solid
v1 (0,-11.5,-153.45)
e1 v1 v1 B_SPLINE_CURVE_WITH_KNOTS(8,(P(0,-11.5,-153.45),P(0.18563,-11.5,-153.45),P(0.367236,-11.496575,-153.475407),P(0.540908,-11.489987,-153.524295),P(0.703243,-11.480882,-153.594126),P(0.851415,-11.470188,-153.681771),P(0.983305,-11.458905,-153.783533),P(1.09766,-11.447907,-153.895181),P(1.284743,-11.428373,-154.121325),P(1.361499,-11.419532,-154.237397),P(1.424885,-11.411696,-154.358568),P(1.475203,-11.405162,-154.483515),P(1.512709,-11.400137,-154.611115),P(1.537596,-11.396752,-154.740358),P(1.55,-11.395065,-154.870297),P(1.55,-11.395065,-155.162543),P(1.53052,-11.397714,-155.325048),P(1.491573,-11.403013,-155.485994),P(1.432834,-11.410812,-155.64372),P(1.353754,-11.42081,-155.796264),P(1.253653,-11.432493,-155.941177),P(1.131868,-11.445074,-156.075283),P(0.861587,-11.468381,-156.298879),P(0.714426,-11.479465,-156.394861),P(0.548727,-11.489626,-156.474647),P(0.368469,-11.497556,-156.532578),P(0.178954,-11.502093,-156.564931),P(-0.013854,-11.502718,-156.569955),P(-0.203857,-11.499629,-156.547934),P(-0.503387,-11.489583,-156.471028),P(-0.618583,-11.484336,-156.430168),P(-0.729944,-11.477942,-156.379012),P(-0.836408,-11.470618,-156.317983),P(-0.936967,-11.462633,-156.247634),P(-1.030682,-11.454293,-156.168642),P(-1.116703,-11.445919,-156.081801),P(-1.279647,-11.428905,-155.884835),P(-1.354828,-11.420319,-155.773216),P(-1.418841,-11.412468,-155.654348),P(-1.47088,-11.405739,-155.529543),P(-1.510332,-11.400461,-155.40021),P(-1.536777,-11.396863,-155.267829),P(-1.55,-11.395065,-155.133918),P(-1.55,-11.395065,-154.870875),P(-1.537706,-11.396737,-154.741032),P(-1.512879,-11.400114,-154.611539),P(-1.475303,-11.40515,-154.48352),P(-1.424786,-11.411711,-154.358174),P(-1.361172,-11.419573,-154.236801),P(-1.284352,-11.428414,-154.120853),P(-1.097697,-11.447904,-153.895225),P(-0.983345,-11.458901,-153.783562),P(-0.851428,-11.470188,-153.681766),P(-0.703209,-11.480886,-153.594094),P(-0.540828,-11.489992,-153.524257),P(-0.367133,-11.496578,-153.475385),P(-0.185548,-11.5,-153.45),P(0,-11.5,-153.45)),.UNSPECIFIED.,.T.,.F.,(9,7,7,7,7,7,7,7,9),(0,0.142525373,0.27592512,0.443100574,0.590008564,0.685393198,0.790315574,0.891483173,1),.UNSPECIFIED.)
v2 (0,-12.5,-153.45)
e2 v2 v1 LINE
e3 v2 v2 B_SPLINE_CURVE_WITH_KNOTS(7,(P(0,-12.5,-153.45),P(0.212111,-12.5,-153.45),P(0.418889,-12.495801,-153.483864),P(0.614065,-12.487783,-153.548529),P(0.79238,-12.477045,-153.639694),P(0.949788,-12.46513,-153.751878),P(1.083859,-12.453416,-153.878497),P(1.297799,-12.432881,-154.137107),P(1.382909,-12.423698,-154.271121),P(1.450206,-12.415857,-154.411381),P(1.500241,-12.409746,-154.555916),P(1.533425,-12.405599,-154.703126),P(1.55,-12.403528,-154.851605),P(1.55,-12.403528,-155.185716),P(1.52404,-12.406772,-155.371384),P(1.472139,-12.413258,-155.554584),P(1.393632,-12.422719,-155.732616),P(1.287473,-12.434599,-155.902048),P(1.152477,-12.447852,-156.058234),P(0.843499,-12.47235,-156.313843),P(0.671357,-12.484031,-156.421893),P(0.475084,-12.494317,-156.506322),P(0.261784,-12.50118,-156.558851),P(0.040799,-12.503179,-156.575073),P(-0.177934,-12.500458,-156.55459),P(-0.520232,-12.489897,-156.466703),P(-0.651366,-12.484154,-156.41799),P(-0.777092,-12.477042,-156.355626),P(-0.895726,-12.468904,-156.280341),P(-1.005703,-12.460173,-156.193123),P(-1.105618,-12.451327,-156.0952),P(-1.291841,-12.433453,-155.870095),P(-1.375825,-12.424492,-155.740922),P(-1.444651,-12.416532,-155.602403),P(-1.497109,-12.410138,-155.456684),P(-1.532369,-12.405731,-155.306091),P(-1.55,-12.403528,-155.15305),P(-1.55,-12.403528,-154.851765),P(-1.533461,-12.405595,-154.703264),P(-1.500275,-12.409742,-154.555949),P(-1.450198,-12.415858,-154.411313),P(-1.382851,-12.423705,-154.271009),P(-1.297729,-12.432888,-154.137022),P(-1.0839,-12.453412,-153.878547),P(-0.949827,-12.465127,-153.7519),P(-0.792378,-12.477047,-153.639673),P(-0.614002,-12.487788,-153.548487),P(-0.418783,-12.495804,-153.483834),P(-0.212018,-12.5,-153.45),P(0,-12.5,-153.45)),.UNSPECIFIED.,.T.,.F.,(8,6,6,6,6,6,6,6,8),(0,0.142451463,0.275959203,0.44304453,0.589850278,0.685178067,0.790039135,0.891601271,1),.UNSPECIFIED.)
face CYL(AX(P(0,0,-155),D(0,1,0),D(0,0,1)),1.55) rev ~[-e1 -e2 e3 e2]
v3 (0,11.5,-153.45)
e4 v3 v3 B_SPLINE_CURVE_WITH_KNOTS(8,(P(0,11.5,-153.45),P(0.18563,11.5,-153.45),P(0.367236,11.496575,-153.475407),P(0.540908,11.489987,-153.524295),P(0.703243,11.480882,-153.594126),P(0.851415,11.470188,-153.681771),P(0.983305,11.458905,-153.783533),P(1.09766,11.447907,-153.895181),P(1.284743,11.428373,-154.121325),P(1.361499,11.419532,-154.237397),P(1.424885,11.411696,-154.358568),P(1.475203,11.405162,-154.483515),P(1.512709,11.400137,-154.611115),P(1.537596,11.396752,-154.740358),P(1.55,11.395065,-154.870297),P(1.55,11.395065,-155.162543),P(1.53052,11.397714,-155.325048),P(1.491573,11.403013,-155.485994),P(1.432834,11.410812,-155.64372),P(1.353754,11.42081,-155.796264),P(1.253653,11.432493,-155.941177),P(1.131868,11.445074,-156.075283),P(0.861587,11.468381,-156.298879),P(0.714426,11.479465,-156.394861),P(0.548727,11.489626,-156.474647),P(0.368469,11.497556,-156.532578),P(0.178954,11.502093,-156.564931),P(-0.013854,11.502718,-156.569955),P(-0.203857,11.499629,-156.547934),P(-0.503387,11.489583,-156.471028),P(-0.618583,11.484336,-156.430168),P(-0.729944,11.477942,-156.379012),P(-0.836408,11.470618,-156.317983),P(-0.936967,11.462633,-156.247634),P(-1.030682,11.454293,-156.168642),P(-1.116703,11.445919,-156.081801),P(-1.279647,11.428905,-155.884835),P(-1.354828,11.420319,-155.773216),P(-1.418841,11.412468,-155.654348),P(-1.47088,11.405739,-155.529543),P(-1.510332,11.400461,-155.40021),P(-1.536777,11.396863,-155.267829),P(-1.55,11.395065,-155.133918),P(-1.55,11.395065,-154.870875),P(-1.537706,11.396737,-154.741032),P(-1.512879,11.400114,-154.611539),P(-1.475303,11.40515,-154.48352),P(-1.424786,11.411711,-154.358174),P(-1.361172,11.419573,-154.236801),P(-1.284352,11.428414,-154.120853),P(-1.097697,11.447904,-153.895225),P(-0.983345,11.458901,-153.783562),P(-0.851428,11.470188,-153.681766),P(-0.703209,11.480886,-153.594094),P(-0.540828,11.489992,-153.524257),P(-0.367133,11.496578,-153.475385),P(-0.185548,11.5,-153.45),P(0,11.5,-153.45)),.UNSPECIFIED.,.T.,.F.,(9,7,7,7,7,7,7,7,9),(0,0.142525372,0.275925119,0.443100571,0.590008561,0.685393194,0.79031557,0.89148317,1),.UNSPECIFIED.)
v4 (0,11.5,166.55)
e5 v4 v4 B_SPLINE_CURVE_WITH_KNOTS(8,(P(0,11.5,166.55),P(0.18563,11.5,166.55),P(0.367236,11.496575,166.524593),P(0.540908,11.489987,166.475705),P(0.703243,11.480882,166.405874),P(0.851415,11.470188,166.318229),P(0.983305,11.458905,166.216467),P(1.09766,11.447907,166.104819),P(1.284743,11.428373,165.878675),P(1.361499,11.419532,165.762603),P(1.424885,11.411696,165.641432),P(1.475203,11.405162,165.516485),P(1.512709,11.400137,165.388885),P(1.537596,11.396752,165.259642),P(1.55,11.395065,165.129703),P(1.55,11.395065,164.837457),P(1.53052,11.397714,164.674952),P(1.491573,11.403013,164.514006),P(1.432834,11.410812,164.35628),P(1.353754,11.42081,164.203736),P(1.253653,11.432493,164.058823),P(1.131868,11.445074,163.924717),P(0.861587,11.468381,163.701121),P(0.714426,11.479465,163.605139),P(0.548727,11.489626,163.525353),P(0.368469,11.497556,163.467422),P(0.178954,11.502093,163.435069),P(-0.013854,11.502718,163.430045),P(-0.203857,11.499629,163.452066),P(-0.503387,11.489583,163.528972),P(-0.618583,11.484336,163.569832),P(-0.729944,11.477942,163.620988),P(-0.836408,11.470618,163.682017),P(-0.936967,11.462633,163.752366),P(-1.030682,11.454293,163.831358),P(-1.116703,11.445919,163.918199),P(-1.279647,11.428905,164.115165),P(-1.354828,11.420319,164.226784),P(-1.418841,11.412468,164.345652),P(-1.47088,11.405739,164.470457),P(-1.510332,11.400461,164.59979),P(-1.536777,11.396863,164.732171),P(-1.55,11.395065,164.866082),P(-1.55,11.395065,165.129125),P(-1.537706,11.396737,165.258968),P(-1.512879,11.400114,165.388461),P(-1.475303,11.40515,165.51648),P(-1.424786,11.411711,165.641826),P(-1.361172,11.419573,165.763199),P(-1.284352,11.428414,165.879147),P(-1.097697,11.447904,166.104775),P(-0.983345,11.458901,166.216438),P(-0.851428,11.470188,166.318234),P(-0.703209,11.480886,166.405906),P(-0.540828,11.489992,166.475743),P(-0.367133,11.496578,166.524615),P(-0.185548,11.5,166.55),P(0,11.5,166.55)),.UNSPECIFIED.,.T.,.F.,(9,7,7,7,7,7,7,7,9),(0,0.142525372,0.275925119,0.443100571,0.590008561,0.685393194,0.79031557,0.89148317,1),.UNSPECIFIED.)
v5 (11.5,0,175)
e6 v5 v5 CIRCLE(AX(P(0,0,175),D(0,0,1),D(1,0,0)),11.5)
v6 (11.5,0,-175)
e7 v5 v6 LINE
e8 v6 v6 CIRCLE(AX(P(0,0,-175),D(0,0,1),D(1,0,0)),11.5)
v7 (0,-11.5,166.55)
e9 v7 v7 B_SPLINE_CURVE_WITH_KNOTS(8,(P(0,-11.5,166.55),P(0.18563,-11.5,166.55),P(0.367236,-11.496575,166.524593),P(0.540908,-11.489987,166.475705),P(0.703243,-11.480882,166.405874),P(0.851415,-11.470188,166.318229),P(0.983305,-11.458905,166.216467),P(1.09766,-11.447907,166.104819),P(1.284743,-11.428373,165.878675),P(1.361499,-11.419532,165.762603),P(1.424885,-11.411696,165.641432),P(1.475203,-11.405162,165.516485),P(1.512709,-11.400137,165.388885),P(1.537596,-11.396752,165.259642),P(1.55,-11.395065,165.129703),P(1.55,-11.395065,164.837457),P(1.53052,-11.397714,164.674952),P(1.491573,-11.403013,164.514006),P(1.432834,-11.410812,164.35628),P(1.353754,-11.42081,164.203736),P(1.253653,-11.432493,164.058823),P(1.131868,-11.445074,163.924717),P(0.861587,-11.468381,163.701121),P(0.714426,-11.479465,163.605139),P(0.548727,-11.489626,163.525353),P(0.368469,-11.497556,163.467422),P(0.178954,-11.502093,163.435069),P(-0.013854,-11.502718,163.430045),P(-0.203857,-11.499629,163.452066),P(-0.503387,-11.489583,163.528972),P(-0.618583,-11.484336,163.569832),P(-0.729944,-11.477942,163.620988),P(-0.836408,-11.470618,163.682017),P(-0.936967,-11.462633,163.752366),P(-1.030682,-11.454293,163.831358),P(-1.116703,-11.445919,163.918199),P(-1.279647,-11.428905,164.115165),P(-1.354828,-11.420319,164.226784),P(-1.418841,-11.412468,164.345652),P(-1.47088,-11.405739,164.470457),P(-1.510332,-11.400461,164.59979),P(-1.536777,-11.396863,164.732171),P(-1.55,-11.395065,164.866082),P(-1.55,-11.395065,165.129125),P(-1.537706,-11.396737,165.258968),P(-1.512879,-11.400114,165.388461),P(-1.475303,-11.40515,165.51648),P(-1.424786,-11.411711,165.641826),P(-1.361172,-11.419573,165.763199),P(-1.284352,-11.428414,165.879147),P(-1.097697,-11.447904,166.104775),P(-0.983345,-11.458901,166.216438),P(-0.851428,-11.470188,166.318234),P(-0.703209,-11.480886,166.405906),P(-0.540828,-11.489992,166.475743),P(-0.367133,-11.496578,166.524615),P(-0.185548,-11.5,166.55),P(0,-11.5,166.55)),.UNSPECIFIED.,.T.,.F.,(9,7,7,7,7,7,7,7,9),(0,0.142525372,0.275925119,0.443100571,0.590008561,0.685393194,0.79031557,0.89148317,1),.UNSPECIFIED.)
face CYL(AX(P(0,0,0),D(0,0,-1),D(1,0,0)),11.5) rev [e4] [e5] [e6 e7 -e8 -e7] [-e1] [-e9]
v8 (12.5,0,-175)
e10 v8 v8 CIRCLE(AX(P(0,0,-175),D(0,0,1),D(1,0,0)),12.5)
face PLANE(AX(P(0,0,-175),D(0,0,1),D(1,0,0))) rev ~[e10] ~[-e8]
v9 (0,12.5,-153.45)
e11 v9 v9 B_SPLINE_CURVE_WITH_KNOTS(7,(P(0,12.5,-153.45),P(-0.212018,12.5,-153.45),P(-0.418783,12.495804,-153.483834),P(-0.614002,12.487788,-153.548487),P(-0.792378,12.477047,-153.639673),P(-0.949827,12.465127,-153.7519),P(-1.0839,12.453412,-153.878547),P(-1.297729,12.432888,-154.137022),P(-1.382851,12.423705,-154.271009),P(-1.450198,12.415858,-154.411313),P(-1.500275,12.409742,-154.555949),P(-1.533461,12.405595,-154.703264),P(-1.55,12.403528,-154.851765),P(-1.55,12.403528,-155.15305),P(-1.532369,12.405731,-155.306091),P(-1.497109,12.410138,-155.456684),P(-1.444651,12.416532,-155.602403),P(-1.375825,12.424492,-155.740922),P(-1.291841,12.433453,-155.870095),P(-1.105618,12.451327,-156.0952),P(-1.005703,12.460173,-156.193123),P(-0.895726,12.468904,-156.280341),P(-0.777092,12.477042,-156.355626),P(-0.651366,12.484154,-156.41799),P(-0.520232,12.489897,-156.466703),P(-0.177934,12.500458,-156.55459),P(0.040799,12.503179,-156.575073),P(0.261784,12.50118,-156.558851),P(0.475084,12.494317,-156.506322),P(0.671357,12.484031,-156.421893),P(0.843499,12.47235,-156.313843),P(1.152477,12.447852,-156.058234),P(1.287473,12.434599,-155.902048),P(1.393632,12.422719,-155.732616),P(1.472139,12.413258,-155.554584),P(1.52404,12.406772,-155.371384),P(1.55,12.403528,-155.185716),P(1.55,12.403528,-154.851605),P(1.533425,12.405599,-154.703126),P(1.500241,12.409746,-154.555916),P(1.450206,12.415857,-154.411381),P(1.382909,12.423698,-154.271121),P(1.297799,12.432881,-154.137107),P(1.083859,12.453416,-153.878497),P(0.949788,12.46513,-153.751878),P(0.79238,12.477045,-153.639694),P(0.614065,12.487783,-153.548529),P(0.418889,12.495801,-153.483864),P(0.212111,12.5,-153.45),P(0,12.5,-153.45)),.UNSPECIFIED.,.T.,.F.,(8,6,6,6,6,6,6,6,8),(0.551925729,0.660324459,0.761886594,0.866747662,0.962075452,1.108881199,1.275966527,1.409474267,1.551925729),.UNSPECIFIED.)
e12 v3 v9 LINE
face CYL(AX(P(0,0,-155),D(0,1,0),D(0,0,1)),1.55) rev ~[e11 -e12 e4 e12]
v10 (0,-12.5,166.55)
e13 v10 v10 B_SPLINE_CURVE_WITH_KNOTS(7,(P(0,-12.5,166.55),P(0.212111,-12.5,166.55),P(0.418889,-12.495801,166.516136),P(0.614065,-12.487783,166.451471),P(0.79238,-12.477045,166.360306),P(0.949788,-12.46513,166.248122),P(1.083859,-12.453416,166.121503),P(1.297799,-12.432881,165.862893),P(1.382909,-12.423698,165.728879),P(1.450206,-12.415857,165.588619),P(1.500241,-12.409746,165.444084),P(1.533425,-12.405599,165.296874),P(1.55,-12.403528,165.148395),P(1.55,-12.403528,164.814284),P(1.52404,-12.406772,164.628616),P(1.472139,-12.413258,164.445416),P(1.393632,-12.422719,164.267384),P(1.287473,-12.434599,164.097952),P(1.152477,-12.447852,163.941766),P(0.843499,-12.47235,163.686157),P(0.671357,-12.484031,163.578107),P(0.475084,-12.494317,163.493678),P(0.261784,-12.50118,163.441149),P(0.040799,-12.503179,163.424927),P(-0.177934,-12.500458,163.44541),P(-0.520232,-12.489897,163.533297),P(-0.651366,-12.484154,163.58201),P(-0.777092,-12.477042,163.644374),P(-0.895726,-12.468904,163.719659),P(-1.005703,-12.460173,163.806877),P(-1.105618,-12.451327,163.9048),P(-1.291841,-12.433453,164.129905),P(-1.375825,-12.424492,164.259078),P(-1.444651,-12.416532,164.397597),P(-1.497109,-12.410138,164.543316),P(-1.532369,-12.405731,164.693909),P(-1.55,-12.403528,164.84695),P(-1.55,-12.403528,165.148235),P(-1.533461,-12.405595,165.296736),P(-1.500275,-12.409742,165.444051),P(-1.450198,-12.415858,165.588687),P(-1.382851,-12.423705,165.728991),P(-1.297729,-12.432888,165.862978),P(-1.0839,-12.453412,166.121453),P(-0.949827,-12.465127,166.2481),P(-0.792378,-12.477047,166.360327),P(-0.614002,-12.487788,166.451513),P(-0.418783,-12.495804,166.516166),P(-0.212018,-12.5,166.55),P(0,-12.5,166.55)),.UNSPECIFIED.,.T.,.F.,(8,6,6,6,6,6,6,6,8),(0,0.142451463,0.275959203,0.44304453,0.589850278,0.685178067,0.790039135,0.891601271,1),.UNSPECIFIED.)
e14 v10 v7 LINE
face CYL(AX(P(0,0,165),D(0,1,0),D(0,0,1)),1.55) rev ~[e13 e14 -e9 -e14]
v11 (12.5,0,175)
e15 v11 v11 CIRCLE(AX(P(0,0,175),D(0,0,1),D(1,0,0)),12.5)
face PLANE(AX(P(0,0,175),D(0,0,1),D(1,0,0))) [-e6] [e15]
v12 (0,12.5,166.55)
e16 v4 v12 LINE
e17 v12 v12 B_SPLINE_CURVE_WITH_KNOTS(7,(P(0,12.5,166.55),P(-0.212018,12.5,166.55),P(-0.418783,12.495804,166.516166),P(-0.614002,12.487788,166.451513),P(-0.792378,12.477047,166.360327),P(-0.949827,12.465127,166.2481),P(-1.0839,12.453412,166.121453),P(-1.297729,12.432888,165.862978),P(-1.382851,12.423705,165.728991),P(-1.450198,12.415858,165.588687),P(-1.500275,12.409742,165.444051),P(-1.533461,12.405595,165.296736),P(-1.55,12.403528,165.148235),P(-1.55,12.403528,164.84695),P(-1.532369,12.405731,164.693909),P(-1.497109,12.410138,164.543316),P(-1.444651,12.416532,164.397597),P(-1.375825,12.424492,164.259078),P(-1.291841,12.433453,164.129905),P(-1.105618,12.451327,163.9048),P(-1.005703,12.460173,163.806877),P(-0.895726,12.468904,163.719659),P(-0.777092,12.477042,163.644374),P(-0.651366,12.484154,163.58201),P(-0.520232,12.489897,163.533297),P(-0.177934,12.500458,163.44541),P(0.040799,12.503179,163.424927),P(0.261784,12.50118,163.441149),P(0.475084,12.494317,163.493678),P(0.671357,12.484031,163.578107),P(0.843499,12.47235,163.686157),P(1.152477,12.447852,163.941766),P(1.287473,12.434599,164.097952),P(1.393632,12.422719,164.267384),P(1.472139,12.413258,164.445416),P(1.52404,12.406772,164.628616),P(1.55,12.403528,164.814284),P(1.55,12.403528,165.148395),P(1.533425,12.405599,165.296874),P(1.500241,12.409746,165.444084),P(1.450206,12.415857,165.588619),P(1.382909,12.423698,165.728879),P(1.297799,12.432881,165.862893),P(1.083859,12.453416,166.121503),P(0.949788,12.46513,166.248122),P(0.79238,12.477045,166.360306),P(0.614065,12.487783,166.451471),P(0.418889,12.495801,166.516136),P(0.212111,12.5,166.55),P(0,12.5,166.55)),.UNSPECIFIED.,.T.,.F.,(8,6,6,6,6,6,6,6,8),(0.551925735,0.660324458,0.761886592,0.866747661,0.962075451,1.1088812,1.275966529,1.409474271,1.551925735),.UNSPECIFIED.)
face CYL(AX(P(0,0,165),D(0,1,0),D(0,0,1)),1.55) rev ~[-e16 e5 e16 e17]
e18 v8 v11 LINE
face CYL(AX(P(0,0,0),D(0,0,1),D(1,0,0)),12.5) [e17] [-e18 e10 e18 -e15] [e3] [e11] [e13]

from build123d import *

# Parameters (mm, degrees)
SKETCH1_R           = 12.5
SKETCH1_R_2         = 11.5
BOSS_EXTRUDE1_DEPTH = 175
SKETCH2_R           = 1.55
CUT_EXTRUDE1_DEPTH  = 12.5
SKETCH3_R           = 1.55
CUT_EXTRUDE2_DEPTH  = 12.5


with BuildPart() as part:
    # Sketch1 → Boss-Extrude1 (new, symmetric)
    with BuildSketch(Plane.XY):
        Circle(SKETCH1_R)
        Circle(SKETCH1_R_2, mode=Mode.SUBTRACT)
    extrude(amount=BOSS_EXTRUDE1_DEPTH, both=True)

    # Sketch2 → Cut-Extrude1 (cut, symmetric)
    with BuildSketch(Plane(origin=(0, 0, 0), x_dir=(1, 0, 0), z_dir=(0, 1, 0))):
        with Locations(Location((0, 155, 0), (0, 0, 270))):
            Circle(SKETCH2_R)
    extrude(amount=CUT_EXTRUDE1_DEPTH, both=True, mode=Mode.SUBTRACT)

    # Sketch3 → Cut-Extrude2 (cut, symmetric)
    with BuildSketch(Plane(origin=(0, 0, 0), x_dir=(1, 0, 0), z_dir=(0, 1, 0))):
        with Locations(Location((0, -165, 0), (0, 0, 270))):
            Circle(SKETCH3_R)
    extrude(amount=CUT_EXTRUDE2_DEPTH, both=True, mode=Mode.SUBTRACT)


solid = part.part
